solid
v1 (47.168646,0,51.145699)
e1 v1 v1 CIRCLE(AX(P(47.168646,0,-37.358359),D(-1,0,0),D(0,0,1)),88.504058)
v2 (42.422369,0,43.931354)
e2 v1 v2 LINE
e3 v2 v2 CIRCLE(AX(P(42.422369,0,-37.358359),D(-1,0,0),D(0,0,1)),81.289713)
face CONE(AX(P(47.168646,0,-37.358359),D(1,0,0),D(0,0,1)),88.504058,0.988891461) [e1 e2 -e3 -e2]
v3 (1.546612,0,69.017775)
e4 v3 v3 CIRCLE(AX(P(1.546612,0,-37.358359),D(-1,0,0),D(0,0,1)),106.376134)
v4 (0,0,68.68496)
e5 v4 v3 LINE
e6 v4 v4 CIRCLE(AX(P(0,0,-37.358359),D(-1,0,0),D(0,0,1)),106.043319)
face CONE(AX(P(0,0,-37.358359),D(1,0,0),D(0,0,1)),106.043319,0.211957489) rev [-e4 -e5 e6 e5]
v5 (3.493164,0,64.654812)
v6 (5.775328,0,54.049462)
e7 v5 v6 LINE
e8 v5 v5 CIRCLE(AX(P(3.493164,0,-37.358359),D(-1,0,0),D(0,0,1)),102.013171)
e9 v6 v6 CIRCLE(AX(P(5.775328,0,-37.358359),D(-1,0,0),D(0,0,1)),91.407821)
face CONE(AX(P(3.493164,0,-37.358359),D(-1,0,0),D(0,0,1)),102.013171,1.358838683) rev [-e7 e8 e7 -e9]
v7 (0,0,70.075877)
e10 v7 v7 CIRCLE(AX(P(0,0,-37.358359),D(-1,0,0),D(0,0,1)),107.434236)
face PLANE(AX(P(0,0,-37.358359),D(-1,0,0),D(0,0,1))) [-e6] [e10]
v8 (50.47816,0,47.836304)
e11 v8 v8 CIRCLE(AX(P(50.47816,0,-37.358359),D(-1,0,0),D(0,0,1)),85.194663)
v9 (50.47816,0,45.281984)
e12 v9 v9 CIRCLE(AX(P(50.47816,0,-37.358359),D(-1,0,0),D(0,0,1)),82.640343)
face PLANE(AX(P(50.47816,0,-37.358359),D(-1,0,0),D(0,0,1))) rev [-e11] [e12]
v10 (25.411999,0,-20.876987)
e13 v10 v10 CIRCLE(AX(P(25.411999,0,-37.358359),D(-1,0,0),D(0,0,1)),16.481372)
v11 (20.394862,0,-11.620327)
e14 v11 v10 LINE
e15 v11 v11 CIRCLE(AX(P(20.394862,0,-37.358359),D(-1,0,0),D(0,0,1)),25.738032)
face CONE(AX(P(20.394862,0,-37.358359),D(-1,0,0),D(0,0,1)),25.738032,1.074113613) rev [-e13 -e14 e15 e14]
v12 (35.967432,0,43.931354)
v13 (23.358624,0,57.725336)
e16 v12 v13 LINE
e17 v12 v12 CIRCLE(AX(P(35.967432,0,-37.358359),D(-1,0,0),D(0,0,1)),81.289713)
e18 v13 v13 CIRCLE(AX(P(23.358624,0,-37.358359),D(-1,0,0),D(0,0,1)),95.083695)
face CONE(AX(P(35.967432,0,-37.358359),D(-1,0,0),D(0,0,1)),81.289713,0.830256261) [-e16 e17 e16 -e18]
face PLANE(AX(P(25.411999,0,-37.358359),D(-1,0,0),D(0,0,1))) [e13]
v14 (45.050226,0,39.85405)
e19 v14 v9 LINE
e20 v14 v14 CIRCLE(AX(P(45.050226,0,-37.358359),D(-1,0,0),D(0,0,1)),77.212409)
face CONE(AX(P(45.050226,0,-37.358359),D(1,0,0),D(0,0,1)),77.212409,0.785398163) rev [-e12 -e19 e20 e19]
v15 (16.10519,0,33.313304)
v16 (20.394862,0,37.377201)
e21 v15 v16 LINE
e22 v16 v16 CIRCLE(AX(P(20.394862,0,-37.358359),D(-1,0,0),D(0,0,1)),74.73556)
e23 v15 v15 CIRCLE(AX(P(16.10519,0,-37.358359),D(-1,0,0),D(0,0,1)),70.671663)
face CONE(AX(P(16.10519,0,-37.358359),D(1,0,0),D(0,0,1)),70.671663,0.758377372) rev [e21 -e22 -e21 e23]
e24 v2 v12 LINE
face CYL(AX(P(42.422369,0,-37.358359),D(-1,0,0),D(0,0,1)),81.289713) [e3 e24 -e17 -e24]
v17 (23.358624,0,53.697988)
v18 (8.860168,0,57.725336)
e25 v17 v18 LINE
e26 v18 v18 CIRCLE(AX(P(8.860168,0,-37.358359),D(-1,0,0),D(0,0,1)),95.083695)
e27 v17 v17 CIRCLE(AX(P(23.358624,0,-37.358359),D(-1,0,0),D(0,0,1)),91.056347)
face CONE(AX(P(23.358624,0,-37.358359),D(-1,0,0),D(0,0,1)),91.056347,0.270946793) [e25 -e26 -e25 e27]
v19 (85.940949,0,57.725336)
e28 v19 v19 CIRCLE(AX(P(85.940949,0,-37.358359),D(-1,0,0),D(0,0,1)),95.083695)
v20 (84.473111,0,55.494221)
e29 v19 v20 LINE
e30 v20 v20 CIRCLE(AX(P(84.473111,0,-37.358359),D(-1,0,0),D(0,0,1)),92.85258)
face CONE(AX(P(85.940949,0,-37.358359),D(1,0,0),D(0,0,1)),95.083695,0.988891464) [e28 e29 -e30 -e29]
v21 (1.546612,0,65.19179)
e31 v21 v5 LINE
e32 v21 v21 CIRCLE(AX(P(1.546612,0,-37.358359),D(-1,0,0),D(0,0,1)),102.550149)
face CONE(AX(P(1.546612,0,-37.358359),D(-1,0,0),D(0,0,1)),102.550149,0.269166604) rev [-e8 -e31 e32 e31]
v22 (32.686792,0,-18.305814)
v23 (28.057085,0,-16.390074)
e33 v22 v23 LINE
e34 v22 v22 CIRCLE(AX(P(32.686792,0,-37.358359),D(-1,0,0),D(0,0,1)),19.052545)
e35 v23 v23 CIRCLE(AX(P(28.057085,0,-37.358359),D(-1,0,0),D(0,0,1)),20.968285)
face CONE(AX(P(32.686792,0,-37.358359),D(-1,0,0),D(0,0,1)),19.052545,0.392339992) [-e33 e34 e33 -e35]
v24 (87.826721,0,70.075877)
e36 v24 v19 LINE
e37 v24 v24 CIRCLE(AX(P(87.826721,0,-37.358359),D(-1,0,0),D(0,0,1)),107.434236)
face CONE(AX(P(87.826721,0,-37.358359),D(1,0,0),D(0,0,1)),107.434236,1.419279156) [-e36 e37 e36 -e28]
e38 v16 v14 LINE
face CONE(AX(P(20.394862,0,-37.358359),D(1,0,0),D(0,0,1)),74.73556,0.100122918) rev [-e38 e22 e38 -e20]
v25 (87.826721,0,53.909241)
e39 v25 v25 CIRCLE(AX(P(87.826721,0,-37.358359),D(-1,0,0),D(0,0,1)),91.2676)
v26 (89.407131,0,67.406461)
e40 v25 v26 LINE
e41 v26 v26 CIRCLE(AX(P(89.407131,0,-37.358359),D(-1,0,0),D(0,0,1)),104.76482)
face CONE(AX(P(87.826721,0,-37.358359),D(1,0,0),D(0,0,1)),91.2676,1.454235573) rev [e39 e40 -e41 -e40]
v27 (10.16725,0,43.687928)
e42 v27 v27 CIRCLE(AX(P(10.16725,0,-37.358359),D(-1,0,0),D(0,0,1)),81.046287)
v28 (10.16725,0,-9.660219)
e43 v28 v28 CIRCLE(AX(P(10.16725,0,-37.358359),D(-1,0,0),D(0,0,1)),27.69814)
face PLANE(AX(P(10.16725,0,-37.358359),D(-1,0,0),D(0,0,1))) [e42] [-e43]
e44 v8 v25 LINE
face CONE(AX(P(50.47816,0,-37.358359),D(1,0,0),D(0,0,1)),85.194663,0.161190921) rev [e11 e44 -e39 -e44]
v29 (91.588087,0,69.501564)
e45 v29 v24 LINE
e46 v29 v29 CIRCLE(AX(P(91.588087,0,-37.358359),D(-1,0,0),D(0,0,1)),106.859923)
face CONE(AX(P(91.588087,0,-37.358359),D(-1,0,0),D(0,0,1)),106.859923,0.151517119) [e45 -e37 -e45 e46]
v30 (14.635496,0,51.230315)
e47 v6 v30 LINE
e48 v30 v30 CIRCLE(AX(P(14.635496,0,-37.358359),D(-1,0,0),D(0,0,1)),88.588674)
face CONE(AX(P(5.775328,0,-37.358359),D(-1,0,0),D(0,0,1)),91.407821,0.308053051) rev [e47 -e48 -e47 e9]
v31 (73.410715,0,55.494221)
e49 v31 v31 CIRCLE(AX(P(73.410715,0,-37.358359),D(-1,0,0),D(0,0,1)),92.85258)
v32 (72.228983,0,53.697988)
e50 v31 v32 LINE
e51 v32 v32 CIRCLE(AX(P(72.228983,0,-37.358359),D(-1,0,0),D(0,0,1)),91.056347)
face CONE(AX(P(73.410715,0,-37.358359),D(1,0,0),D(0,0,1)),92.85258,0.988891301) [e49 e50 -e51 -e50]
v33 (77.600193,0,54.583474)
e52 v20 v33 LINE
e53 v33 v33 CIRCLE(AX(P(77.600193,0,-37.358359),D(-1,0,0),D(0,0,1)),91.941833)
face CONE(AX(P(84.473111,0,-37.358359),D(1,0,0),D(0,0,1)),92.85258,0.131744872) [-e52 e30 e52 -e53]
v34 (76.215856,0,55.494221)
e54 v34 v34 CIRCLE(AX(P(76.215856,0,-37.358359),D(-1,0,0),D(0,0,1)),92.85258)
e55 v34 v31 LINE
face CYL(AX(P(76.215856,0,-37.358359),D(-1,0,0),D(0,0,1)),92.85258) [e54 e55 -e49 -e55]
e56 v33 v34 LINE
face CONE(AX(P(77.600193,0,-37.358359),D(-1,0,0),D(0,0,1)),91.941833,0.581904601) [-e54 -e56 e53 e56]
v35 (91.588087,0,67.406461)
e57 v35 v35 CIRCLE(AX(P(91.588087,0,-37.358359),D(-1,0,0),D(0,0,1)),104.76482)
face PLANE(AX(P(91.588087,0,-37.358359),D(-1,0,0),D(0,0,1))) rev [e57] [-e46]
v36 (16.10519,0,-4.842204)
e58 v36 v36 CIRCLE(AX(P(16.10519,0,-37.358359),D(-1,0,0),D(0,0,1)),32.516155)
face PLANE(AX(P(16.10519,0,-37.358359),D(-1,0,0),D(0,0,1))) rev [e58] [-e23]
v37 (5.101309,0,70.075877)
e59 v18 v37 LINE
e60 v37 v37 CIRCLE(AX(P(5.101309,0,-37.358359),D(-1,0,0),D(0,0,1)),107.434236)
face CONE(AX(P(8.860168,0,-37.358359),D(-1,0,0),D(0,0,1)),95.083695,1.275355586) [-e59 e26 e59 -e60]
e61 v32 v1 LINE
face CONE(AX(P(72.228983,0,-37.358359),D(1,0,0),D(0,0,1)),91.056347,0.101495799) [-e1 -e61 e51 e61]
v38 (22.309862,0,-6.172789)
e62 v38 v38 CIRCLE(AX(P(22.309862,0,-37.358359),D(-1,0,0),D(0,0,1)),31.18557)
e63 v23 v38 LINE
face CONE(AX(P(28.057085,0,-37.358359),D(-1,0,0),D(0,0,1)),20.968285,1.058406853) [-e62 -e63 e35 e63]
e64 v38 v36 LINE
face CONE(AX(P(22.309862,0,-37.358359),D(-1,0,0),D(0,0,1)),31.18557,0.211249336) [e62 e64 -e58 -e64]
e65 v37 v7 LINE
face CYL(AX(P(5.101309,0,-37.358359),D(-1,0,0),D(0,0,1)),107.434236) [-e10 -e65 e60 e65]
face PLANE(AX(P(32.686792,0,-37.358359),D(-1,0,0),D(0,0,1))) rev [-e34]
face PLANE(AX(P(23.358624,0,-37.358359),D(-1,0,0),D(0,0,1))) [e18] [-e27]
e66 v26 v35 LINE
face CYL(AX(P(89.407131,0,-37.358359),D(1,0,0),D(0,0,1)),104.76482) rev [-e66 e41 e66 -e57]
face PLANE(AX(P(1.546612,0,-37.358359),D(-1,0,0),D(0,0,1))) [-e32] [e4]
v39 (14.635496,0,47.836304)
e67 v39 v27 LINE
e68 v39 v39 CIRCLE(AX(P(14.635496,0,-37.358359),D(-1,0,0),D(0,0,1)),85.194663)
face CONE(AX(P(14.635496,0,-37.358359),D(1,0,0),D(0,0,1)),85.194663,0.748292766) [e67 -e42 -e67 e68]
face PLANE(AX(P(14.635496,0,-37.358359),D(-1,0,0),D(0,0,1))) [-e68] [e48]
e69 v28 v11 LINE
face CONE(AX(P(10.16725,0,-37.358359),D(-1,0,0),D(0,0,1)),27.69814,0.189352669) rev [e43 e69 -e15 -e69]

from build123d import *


with BuildPart() as f1:
    # F0 (on Front) → F1 (revolve)
    with BuildSketch(Plane.XZ):
        Polygon((5.101309, 70.075877), (0, 70.075877), (0, 68.68496), (1.546612, 69.017775), (1.546612, 65.19179), (3.493164, 64.654812), (5.775328, 54.049462), (14.635496, 51.230315), (14.635496, 47.836304), (10.16725, 43.687928), (10.16725, -9.660219), (20.394862, -11.620327), (25.411999, -20.876987), (25.411999, -37.358359), (32.686792, -37.358359), (32.686792, -18.305814), (28.057085, -16.390074), (22.309862, -6.172789), (16.10519, -4.842204), (16.10519, 33.313304), (20.394862, 37.377201), (45.050226, 39.85405), (50.47816, 45.281984), (50.47816, 47.836304), (87.826721, 53.909241), (89.407131, 67.406461), (91.588087, 67.406461), (91.588087, 69.501564), (87.826721, 70.075877), (85.940949, 57.725336), (84.473111, 55.494221), (77.600193, 54.583474), (76.215856, 55.494221), (73.410715, 55.494221), (72.228983, 53.697988), (47.168646, 51.145699), (42.422369, 43.931354), (35.967432, 43.931354), (23.358624, 57.725336), (23.358624, 53.697988), (8.860168, 57.725336), align=None)
    revolve(axis=Axis((29.049396, 0, -37.358359), (-1, 0, 0)))


solid = f1.part
